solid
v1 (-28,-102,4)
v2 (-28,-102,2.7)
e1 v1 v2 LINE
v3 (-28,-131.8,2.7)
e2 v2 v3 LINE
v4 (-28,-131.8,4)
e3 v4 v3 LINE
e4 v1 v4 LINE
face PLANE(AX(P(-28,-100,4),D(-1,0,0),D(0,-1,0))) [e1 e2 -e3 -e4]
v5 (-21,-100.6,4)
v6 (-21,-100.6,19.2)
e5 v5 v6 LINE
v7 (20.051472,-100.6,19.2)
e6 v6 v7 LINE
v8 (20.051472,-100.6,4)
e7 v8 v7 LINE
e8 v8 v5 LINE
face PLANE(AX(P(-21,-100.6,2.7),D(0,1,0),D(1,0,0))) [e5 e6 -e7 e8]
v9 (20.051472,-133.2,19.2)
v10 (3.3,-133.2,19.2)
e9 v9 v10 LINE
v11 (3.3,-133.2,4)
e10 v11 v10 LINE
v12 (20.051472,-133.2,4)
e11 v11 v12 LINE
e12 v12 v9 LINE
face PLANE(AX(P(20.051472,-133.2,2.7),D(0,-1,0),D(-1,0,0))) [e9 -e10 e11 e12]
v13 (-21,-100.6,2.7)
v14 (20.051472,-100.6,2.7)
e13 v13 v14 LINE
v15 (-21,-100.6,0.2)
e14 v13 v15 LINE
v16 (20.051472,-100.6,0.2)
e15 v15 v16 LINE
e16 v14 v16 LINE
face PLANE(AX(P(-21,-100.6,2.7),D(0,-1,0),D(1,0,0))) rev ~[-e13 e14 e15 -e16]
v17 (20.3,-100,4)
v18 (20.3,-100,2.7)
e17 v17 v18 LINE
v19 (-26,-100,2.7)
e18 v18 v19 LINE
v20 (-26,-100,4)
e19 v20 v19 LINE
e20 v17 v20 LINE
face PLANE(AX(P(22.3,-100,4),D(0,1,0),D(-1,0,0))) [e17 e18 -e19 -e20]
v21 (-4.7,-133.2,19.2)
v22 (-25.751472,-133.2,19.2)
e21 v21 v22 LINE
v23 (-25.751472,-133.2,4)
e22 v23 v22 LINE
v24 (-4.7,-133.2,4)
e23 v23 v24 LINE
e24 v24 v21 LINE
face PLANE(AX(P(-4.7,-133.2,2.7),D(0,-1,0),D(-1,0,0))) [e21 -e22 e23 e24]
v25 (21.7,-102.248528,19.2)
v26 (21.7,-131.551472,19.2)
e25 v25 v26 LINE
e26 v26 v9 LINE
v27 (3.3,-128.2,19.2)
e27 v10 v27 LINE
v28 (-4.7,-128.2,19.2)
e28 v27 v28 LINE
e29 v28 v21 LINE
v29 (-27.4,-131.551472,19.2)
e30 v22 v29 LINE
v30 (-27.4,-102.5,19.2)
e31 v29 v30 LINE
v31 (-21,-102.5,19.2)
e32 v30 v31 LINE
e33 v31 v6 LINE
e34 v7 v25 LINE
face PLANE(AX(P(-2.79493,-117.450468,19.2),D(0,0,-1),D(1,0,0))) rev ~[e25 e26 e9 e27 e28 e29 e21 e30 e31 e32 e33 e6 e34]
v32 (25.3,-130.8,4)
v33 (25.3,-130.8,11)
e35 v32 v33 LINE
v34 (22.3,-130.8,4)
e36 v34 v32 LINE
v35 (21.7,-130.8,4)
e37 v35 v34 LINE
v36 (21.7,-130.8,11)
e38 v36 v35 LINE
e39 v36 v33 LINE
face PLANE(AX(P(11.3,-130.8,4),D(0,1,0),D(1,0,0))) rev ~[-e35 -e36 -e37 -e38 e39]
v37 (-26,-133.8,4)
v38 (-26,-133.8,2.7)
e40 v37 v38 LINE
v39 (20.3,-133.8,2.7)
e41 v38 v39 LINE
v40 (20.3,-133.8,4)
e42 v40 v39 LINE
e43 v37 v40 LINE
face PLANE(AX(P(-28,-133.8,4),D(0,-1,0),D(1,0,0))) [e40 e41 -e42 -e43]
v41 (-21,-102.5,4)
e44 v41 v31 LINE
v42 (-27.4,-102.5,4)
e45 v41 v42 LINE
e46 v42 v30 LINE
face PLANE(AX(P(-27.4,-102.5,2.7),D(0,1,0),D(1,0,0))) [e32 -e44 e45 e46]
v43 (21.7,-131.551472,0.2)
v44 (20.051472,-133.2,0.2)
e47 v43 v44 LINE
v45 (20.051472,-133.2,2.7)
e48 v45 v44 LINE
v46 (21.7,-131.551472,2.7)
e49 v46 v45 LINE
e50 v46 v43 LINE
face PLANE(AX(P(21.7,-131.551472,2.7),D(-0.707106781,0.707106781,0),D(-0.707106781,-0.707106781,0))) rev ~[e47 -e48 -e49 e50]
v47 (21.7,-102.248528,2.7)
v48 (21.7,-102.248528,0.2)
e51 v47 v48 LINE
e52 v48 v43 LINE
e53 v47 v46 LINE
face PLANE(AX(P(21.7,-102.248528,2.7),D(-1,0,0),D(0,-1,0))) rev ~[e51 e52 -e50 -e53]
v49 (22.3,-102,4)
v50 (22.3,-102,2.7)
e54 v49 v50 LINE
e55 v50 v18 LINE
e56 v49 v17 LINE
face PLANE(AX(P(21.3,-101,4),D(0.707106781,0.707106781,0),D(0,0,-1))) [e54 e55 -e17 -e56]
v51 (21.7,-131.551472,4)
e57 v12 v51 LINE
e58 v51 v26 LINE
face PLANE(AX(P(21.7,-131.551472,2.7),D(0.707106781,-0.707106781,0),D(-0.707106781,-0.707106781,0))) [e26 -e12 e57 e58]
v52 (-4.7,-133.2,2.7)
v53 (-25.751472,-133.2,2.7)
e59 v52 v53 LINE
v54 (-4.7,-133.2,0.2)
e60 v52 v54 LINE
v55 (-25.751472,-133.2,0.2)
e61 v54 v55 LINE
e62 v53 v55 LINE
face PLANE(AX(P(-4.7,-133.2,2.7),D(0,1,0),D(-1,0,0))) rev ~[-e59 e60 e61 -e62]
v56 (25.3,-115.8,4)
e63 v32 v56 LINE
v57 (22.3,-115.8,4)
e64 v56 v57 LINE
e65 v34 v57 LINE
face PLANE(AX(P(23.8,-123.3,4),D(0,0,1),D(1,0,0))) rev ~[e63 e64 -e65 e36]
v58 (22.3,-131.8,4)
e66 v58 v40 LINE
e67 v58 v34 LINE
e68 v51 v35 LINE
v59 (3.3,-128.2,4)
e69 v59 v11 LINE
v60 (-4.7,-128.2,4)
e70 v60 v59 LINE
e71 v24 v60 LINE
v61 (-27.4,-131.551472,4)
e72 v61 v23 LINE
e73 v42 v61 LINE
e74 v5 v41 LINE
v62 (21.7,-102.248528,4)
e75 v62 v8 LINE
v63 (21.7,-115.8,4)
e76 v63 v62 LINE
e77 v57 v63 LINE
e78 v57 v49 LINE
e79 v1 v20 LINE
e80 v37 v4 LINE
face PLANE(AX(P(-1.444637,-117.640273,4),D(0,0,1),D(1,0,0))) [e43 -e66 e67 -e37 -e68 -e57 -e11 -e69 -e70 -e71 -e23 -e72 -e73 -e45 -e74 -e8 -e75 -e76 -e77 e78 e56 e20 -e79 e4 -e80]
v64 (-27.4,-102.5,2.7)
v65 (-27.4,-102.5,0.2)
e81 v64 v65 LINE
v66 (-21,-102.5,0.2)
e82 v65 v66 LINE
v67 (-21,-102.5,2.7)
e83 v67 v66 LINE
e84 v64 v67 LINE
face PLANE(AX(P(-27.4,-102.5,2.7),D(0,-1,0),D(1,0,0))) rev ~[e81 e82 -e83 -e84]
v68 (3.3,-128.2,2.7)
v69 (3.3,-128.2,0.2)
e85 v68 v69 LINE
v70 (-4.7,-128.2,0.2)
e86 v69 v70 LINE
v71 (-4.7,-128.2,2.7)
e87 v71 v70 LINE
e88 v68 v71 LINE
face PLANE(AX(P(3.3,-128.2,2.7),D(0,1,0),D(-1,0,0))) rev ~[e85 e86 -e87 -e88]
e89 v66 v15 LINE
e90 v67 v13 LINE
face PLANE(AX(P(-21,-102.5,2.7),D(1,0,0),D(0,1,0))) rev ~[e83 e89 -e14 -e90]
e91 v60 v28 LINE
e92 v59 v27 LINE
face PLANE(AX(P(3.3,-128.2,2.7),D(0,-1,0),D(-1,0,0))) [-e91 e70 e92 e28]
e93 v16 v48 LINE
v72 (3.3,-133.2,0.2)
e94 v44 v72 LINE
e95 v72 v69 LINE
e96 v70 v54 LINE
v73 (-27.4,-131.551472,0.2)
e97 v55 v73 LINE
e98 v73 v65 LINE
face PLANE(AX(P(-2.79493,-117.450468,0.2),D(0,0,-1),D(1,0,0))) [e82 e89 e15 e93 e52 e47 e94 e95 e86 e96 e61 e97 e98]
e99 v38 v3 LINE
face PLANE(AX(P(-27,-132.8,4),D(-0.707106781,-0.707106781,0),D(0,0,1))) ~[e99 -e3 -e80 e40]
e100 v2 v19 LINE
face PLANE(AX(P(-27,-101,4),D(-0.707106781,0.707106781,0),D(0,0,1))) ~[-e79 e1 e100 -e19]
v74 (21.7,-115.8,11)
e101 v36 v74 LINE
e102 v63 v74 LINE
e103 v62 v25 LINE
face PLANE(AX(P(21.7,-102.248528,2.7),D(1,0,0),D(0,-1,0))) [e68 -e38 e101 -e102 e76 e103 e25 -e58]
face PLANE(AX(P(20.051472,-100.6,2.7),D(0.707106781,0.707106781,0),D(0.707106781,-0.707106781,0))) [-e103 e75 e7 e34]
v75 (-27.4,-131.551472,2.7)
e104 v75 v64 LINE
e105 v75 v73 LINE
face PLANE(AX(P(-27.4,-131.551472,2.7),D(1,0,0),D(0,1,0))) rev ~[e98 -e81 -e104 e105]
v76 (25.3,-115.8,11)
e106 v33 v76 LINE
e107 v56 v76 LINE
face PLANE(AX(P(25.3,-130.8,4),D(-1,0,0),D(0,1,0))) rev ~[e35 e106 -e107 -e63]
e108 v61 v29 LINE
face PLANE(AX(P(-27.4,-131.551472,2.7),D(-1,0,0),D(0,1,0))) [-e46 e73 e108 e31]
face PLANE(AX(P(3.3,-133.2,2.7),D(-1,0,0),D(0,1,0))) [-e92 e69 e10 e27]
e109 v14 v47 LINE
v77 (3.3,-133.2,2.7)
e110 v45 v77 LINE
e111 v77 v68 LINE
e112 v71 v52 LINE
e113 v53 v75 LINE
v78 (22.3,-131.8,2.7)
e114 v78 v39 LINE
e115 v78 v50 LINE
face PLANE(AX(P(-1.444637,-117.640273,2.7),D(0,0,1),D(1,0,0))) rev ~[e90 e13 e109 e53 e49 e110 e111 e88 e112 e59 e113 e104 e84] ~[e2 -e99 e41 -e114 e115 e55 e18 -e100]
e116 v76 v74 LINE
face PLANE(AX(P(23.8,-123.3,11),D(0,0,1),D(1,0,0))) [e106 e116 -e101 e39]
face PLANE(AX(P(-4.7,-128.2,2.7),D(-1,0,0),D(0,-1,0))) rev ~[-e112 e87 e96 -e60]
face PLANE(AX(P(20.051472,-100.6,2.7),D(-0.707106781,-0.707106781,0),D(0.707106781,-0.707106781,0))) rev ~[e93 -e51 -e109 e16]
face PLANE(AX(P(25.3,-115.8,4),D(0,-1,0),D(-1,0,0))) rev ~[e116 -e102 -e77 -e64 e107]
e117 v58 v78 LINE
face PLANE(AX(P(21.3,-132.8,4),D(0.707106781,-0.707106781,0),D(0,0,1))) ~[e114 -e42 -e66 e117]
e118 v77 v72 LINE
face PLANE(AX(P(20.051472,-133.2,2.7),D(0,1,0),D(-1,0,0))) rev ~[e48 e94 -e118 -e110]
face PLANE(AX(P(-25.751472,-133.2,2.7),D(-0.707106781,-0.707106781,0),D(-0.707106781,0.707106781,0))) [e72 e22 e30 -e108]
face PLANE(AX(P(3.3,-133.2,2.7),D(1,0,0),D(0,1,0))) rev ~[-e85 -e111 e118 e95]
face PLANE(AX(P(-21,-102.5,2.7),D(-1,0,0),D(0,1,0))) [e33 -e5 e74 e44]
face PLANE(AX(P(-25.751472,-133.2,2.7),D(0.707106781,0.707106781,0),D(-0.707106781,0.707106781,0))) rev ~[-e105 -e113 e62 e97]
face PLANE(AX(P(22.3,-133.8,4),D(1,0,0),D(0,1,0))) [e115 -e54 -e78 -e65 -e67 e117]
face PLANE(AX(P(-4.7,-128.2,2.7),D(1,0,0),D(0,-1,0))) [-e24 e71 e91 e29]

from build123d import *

# Parameters (mm, degrees)
F0_W          = 11
F0_H          = 15
F1_DEPTH      = 1.3
F0_W_2        = 3
F2_DEPTH      = 7
F3_SIZE       = 2
F5_DEPTH      = 2.5
F5_DEPTH_BACK = 16.5


with BuildPart() as f1:
    # F0 (on Top) → F1 (new body)
    with BuildSketch(Plane.XY):
        Polygon((22.3, -115.8), (22.3, -100), (-28, -100), (-28, -133.8), (22.3, -133.8), (22.3, -130.8), (11.3, -130.8), (11.3, -115.8), align=None)
        with Locations((16.8, -123.3)):
            Rectangle(F0_W, F0_H)
    extrude(amount=-F1_DEPTH)

    # F0 (on Top) → F2 (join)
    with BuildSketch(Plane.XY):
        with Locations((23.8, -123.3)):
            Rectangle(F0_W_2, F0_H)
        with Locations((16.8, -123.3)):
            Rectangle(F0_W, F0_H)
    extrude(amount=F2_DEPTH)

    # F3
    f3_edges = [f1.edges().sort_by_distance(p)[0] for p in [
        (22.3, -133.8, -0.65),
        (-28, -133.8, -0.65),
        (22.3, -100, -0.65),
        (-28, -100, -0.65),
    ]]
    chamfer(f3_edges, length=F3_SIZE)

    # F4 (on face) → F5 (join, two sides)
    with BuildSketch(Plane(origin=(0, 0, -1.3), x_dir=(1, 0, 0), z_dir=(0, 0, -1))) as f5_sk:
        Polygon((-25.751472, 133.2), (-27.4, 131.551472), (-27.4, 102.5), (-21, 102.5), (-21, 100.6), (20.051472, 100.6), (21.7, 102.248528), (21.7, 131.551472), (20.051472, 133.2), (3.3, 133.2), (3.3, 128.2), (-4.7, 128.2), (-4.7, 133.2), align=None)
    extrude(amount=F5_DEPTH)
    extrude(f5_sk.sketch, amount=-F5_DEPTH_BACK)


with BuildPart() as f1_1:
    # F6: moved
    add(f1.part.moved(Location((0, 0, 4))))


solid = f1_1.part
